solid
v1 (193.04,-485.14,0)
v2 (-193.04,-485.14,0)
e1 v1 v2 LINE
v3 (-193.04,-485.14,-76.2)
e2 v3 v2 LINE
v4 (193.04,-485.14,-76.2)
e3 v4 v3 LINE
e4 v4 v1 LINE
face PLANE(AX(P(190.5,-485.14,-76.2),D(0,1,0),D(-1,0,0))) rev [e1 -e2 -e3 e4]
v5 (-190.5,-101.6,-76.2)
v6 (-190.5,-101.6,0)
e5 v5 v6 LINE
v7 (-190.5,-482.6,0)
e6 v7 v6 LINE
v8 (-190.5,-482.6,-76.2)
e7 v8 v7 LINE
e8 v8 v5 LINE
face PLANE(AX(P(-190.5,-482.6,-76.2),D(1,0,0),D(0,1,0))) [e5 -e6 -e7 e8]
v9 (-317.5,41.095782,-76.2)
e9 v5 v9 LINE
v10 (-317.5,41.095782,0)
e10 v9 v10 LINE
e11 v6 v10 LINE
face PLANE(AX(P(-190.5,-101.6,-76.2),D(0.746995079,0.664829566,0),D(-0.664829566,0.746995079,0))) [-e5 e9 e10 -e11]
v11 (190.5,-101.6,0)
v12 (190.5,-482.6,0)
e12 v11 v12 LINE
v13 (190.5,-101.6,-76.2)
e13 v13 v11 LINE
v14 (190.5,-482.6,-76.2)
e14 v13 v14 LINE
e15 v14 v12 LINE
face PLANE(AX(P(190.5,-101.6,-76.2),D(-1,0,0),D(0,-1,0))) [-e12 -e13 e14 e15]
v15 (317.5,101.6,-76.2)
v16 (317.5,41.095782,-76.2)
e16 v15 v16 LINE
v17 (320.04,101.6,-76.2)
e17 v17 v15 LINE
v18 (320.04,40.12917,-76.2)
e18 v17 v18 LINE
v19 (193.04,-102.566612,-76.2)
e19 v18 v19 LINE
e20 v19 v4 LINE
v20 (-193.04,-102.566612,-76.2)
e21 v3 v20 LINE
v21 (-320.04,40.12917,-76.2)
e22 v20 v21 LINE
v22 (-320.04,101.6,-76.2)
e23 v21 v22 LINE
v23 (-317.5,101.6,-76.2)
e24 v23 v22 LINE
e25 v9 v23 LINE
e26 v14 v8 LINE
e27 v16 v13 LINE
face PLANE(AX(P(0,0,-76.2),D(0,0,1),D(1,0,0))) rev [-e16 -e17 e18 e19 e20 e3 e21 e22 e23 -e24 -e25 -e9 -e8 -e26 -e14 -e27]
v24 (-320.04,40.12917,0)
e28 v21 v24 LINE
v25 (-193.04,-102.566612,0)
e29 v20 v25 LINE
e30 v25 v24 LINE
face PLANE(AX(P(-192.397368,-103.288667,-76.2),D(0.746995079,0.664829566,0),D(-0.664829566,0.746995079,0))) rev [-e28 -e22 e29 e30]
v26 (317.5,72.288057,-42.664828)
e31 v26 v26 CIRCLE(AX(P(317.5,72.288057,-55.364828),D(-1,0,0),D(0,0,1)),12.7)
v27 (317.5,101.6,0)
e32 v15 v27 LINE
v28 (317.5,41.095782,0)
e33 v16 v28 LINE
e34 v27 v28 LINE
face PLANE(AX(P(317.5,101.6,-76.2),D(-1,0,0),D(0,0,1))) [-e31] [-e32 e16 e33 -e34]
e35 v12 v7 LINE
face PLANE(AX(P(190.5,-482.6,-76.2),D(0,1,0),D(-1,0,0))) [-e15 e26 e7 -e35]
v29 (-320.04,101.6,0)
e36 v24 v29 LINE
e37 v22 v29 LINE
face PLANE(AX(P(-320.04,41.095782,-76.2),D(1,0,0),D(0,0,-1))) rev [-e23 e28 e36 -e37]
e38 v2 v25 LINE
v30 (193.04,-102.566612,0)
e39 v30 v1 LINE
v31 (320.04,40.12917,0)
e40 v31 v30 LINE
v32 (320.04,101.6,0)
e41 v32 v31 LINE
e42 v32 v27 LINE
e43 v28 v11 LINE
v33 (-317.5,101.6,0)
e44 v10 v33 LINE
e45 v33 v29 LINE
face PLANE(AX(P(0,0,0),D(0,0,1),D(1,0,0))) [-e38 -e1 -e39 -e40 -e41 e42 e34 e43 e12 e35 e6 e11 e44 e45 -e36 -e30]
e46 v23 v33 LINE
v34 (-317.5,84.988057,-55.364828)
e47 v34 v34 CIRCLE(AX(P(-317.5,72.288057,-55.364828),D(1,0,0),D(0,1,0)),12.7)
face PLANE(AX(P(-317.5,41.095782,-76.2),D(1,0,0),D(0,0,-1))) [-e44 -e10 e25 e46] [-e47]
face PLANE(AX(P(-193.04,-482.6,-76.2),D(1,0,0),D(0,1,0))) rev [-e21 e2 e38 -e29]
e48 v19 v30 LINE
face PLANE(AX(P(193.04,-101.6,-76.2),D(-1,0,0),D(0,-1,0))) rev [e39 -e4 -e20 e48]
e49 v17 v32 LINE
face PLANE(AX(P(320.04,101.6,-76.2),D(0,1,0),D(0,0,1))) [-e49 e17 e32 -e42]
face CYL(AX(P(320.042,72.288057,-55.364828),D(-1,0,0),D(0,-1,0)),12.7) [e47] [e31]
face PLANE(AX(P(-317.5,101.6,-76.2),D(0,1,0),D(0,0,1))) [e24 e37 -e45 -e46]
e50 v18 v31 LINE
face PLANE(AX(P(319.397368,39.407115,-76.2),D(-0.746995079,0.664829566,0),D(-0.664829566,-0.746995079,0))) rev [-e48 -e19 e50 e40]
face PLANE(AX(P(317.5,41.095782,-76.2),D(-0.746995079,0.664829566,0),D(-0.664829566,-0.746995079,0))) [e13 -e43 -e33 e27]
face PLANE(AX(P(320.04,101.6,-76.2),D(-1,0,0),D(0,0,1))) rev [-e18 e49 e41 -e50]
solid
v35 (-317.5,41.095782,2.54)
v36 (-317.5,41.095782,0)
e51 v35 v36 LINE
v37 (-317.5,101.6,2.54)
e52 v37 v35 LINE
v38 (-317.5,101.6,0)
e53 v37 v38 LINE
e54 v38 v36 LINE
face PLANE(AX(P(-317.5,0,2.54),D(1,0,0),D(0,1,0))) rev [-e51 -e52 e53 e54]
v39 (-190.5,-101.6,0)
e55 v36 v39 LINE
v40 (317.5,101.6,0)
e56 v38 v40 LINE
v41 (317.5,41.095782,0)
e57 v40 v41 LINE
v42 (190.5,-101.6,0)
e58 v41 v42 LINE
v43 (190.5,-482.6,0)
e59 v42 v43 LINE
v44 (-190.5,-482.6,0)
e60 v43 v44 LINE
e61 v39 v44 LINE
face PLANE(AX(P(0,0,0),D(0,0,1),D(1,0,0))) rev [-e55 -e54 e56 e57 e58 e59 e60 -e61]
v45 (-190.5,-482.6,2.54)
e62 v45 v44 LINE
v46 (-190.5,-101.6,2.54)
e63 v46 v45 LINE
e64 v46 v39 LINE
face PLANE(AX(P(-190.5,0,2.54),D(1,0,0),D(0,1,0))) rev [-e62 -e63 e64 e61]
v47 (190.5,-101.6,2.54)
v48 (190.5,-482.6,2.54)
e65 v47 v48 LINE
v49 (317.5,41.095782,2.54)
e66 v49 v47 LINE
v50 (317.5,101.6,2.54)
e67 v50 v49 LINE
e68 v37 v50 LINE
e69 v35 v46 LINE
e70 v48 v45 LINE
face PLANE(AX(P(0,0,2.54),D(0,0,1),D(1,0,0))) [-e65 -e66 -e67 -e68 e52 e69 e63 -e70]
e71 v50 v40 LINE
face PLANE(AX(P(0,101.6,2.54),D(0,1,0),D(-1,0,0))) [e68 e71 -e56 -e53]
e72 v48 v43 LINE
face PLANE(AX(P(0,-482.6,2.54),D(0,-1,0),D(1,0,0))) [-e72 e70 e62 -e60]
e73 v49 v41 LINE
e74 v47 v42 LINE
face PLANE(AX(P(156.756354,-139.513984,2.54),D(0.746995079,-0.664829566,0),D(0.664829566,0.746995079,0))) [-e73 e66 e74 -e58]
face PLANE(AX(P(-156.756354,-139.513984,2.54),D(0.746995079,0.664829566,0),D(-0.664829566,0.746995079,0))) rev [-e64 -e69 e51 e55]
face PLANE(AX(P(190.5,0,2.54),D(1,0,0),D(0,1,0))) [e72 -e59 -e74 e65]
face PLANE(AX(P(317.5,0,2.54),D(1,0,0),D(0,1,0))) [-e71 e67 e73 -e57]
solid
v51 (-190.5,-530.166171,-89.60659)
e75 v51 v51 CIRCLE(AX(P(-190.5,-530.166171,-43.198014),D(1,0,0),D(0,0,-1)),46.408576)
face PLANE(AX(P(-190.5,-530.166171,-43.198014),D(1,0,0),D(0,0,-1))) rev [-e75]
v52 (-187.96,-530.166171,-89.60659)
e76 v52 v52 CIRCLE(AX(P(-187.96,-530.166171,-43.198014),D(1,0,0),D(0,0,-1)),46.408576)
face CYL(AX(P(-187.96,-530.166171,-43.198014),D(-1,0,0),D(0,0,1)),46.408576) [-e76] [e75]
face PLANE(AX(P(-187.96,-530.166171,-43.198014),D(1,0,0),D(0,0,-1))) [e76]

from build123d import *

# Parameters (mm, degrees)
BOSS_EXTRUDE1_DEPTH = 2.54
EXTRUDE_THIN1_DEPTH = 76.2
BOSS_EXTRUDE4_REACH = 806.751
SKETCH5_R           = 12.7
SKETCH9_R           = 46.40857606
BOSS_EXTRUDE6_DEPTH = 2.54


with BuildPart() as part:
    # Sketch1 → Boss-Extrude1 (new body)
    with BuildSketch(Plane.XY):
        Polygon((190.5, -101.6), (317.5, 41.095782204), (317.5, 101.6), (-317.5, 101.6), (-317.5, 41.095782204), (-190.5, -101.6), (-190.5, -482.6), (190.5, -482.6), align=None)
    extrude(amount=BOSS_EXTRUDE1_DEPTH)


with BuildPart() as body_2:
    # Sketch4 → Extrude-Thin1 (new body)
    with BuildSketch(Plane(origin=(0, 0, 0), x_dir=(-1, 0, 0), z_dir=(0, 0, -1))):
        Polygon((-317.5, 101.6), (-317.5, 41.095782204), (-190.5, -101.6), (-190.5, -482.6), (190.5, -482.6), (190.5, -101.6), (317.5, 41.095782204), (317.5, 101.6), (320.04, 101.6), (320.04, 40.129169808), (193.04, -102.566612396), (193.04, -485.14), (-193.04, -485.14), (-193.04, -102.566612396), (-320.04, 40.129169808), (-320.04, 101.6), align=None)
    extrude(amount=EXTRUDE_THIN1_DEPTH)

    # Sketch5 → Boss-Extrude4 (add, up to next)
    with BuildSketch(Plane(origin=(-317.5, 0, 0), x_dir=(0, 0, -1), z_dir=(1, 0, 0)), mode=Mode.PRIVATE) as boss_extrude4_sk1:
        with Locations((55.364828068, 72.288057332)):
            Circle(SKETCH5_R)
    boss_extrude4_tool1 = extrude(boss_extrude4_sk1.sketch, amount=BOSS_EXTRUDE4_REACH, mode=Mode.PRIVATE) - body_2.part
    add(boss_extrude4_tool1.solids().sort_by_distance((-317.5, 72.288057, -55.364828))[0])


with BuildPart() as body_3:
    # Sketch9 → Boss-Extrude6 (new body)
    with BuildSketch(Plane(origin=(-190.5, -297.860084408, 89.625050191), x_dir=(0, 0, -1), z_dir=(1, 0, 0))):
        with Locations((132.823064522, -232.306086863)):
            Circle(SKETCH9_R)
    extrude(amount=BOSS_EXTRUDE6_DEPTH)


solid = Compound([part.part, body_2.part, body_3.part])
